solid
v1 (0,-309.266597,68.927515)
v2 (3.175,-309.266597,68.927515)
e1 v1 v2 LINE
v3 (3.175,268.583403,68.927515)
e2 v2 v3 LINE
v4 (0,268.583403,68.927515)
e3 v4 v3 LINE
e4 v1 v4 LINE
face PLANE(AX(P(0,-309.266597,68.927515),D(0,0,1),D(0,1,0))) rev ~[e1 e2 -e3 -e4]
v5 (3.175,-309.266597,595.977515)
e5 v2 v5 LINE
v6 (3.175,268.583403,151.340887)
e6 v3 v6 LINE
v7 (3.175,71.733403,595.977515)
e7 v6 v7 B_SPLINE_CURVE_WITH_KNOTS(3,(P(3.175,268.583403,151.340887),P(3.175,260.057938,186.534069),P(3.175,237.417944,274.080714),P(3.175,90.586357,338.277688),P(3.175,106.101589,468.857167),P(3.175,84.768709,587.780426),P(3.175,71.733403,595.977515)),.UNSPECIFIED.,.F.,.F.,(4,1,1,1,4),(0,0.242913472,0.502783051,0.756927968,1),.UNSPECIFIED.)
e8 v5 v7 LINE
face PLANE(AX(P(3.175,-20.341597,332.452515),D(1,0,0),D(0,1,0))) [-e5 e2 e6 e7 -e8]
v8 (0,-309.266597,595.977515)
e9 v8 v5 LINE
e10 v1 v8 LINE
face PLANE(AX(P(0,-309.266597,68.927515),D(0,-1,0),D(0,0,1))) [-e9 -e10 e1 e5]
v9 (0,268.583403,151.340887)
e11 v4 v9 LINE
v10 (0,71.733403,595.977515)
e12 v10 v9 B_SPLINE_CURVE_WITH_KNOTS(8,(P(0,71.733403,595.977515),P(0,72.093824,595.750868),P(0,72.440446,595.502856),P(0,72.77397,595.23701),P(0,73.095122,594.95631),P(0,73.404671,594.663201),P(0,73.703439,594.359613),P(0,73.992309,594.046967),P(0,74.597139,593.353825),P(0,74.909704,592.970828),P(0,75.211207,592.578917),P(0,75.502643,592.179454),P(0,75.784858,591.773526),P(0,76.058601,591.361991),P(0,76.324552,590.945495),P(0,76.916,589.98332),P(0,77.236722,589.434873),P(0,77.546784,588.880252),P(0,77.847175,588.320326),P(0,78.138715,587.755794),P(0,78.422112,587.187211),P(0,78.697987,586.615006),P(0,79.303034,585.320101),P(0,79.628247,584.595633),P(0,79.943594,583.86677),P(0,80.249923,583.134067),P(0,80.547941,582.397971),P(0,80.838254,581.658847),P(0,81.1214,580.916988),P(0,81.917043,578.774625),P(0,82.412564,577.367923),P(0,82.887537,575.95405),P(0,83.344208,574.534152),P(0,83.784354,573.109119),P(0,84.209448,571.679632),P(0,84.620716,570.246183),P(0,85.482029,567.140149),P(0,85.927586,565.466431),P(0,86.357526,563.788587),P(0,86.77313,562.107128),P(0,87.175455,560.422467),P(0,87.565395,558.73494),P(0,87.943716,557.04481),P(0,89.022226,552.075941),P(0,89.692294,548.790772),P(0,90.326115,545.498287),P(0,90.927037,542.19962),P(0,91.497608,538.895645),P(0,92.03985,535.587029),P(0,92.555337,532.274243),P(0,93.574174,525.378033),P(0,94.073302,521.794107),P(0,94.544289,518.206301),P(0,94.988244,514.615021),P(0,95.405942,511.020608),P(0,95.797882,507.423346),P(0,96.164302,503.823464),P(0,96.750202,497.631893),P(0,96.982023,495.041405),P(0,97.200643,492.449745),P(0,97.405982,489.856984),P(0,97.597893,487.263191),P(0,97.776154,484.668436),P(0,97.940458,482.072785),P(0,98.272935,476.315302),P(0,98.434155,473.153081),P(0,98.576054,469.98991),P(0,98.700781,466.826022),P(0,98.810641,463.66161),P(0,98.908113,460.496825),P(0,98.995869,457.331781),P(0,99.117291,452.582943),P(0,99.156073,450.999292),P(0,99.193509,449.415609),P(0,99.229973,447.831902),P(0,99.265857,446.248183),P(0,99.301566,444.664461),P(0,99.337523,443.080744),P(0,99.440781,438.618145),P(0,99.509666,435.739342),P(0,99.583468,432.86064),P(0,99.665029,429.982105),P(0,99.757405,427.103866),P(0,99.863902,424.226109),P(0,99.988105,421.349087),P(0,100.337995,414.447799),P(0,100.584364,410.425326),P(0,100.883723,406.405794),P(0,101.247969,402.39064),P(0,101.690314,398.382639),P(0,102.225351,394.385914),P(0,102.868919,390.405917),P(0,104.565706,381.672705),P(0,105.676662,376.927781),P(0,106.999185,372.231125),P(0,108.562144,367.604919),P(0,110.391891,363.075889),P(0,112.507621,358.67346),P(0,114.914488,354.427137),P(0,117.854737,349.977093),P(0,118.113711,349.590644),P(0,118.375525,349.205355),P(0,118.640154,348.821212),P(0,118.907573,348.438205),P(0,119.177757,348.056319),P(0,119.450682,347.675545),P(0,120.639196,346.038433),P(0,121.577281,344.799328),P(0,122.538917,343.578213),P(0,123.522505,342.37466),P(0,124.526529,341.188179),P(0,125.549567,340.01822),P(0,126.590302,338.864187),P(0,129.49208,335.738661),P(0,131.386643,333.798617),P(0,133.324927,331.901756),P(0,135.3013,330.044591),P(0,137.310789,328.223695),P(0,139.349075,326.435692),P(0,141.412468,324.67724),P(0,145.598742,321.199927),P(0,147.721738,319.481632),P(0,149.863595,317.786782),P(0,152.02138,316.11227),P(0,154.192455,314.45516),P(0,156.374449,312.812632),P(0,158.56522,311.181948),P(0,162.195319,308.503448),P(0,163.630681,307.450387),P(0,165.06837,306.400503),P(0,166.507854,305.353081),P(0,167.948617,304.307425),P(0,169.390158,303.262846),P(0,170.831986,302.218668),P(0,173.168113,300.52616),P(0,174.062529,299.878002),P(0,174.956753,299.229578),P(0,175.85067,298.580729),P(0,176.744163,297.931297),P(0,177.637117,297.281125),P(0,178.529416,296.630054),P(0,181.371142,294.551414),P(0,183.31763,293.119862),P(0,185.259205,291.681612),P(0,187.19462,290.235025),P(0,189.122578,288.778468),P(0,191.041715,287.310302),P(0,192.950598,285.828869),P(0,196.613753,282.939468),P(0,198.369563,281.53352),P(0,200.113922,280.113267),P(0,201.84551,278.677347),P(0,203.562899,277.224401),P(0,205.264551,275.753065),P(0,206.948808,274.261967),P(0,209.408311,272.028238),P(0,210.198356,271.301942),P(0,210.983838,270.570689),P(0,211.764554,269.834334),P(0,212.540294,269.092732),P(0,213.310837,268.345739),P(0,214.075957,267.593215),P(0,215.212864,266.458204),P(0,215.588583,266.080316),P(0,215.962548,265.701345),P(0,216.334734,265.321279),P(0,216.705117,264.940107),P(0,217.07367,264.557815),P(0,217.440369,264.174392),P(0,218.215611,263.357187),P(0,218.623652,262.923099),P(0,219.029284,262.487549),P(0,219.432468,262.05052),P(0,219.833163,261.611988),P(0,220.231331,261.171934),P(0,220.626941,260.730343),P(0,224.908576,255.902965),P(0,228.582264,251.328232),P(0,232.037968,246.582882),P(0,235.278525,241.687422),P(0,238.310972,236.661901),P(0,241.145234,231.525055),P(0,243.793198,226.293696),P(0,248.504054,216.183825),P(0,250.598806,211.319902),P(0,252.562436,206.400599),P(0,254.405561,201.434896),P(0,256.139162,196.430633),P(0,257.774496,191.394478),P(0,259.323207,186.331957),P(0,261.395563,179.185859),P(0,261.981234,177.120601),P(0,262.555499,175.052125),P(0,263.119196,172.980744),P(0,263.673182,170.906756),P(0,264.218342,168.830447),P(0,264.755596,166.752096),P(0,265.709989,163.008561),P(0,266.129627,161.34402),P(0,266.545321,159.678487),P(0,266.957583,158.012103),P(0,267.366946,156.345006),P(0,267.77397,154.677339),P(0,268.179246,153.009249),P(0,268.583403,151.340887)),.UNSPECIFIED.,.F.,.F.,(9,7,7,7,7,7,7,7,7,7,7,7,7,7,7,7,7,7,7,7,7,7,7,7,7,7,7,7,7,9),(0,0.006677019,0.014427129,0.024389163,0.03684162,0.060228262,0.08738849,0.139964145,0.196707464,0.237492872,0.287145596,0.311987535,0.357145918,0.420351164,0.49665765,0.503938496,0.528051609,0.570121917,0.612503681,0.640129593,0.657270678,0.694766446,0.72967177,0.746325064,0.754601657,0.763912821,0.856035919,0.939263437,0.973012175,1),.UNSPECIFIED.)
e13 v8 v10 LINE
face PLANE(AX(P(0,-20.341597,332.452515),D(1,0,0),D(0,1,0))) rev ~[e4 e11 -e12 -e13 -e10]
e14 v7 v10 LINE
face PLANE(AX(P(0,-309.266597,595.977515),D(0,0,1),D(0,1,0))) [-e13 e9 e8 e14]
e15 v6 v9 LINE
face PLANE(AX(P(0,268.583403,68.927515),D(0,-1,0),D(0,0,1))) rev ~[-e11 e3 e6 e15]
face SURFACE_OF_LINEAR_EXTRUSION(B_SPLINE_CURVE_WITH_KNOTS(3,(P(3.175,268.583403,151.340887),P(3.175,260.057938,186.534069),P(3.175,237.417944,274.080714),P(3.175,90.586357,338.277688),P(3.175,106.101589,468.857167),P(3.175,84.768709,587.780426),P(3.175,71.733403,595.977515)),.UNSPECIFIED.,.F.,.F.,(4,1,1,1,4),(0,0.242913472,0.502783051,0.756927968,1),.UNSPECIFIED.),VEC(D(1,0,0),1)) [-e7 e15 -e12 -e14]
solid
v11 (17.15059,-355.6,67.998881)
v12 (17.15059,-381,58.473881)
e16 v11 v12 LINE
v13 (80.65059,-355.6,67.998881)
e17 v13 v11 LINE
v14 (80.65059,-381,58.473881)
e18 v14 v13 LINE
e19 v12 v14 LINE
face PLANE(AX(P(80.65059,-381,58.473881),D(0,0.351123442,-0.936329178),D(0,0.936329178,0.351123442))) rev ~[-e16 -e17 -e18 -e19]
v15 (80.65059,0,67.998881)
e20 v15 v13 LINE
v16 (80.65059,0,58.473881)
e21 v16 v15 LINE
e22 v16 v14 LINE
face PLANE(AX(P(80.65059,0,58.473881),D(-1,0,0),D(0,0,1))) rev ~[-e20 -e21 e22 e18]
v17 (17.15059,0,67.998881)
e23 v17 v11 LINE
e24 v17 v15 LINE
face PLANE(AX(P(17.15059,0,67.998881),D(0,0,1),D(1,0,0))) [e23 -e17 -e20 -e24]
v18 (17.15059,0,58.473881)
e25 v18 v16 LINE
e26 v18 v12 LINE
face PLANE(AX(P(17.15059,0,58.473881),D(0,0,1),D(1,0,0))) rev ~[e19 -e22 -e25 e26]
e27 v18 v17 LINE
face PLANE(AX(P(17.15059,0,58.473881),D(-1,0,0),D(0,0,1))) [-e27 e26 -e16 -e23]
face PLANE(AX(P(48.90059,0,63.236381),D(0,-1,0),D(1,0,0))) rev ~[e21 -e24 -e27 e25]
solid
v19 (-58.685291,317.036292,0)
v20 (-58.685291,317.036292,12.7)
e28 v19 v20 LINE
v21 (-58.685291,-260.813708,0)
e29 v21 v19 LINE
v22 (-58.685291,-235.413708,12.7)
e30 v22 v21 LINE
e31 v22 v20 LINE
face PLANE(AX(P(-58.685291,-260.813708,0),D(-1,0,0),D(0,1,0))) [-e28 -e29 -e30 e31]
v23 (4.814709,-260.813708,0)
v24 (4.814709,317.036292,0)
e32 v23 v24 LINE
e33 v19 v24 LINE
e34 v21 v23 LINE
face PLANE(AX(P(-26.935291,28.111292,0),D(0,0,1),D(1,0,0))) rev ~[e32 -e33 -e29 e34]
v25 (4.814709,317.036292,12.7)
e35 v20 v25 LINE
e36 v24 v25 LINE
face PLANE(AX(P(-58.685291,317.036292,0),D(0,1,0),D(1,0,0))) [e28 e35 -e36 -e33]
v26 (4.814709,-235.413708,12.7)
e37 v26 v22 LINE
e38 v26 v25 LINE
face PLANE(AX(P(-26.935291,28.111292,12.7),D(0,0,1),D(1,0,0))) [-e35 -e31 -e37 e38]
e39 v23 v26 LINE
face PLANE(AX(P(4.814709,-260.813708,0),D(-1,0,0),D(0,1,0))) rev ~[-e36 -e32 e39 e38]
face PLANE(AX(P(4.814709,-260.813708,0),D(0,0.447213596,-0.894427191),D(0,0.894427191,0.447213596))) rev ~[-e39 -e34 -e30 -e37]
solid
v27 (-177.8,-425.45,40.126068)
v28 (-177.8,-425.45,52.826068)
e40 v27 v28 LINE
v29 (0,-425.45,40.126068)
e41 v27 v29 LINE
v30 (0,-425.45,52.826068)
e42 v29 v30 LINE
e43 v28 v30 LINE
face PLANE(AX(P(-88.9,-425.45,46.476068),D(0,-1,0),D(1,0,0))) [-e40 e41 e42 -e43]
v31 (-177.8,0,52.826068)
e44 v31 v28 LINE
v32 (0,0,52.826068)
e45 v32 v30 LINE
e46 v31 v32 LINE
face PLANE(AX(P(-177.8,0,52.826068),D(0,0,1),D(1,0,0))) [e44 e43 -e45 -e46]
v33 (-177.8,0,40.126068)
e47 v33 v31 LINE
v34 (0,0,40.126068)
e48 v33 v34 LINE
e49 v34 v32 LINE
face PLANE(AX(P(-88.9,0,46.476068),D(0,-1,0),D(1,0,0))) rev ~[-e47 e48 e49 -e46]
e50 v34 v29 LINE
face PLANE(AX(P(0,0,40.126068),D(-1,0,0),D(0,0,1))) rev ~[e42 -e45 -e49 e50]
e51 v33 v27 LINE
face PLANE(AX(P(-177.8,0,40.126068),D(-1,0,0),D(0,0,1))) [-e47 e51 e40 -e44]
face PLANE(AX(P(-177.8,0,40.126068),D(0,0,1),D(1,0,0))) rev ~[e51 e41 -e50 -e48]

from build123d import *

# Parameters (mm, degrees)
F0_W      = 63.5
F0_H      = 577.85
F1_DEPTH  = 12.7
F2_W      = 577.85
F2_H      = 527.05
F3_DEPTH  = 3.175
F5_DEPTH  = 25.4
F7_DEPTH  = 63.501
F8_DEPTH  = 61.8612912945
F9_DEPTH  = 61.8612912945
F10_W     = 177.8
F10_H     = 12.7
F11_DEPTH = 425.45
F14_W     = 63.5
F14_H     = 9.525
F15_DEPTH = 381
F17_DEPTH = 258.4515901963


with BuildPart() as f1:
    # F0 (on Top) → F1 (new body)
    with BuildSketch(Plane.XY):
        with Locations((-26.9352912945, 28.1112923563)):
            Rectangle(F0_W, F0_H)
    extrude(amount=F1_DEPTH)

    # F6 (on face) → F7 (cut, through all)
    with BuildSketch(Plane.YZ.offset(4.8147087055)):
        Polygon((-260.8137076437, 12.7), (-260.8137076437, 0), (-235.4137076437, 12.7), align=None)
    extrude(amount=-F7_DEPTH, mode=Mode.SUBTRACT)

    # F4 (on face) → F8 (cut, through all)
    with BuildSketch(Plane.YZ.offset(3.175)):
        with BuildLine():
            Line((268.5834025025, 151.3408869505), (268.5834025025, 213.3056139469))
            Line((268.5834025025, 213.3056139469), (268.5834025025, 595.9775148613))
            Line((268.5834025025, 595.9775148613), (71.7334025025, 595.9775148613))
            add(Edge.make_bspline(
                [(268.5834025025, 151.3408869505), (260.0579377157, 186.5340690938), (237.4179441691, 274.0807141118), (90.586356949, 338.2776875307), (106.1015892584, 468.8571672689), (84.7687089088, 587.7804257721), (71.7334025025, 595.9775148613)],
                knots=[0, 0, 0, 0, 0.2429134721, 0.5027830509, 0.7569279685, 1, 1, 1, 1], degree=3))
        make_face()
    extrude(amount=-F8_DEPTH, mode=Mode.SUBTRACT)

    # F4 (on face) → F9 (cut, through all)
    with BuildSketch(Plane.YZ.offset(3.175)):
        with BuildLine():
            Line((268.5834025025, 151.3408869505), (268.5834025025, 213.3056139469))
            Line((268.5834025025, 213.3056139469), (268.5834025025, 595.9775148613))
            Line((268.5834025025, 595.9775148613), (71.7334025025, 595.9775148613))
            add(Edge.make_bspline(
                [(268.5834025025, 151.3408869505), (260.0579377157, 186.5340690938), (237.4179441691, 274.0807141118), (90.586356949, 338.2776875307), (106.1015892584, 468.8571672689), (84.7687089088, 587.7804257721), (71.7334025025, 595.9775148613)],
                knots=[0, 0, 0, 0, 0.2429134721, 0.5027830509, 0.7569279685, 1, 1, 1, 1], degree=3))
        make_face()
    extrude(amount=-F9_DEPTH, mode=Mode.SUBTRACT)


with BuildPart() as f3:
    # F2 (on Right) → F3 (new body)
    with BuildSketch(Plane.YZ):
        with Locations((-20.3415974975, 332.4525148613)):
            Rectangle(F2_W, F2_H)
    extrude(amount=F3_DEPTH)

    # F4 (on face) → F5 (cut)
    with BuildSketch(Plane.YZ.offset(3.175)):
        with BuildLine():
            Line((268.5834025025, 151.3408869505), (268.5834025025, 213.3056139469))
            Line((268.5834025025, 213.3056139469), (268.5834025025, 595.9775148613))
            Line((268.5834025025, 595.9775148613), (71.7334025025, 595.9775148613))
            add(Edge.make_bspline(
                [(268.5834025025, 151.3408869505), (260.0579377157, 186.5340690938), (237.4179441691, 274.0807141118), (90.586356949, 338.2776875307), (106.1015892584, 468.8571672689), (84.7687089088, 587.7804257721), (71.7334025025, 595.9775148613)],
                knots=[0, 0, 0, 0, 0.2429134721, 0.5027830509, 0.7569279685, 1, 1, 1, 1], degree=3))
        make_face()
    extrude(amount=-F5_DEPTH, mode=Mode.SUBTRACT)


with BuildPart() as f11:
    # F10 (on Front) → F11 (new body)
    with BuildSketch(Plane.XZ):
        with Locations((-88.9, 46.4760677925)):
            Rectangle(F10_W, F10_H)
    extrude(amount=F11_DEPTH)


with BuildPart() as f12_1:
    # F12: copy of F1
    add(f1.part.moved(Location((127, 0, 0))))


with BuildPart() as f15:
    # F14 (on Front) → F15 (new body)
    with BuildSketch(Plane.XZ):
        with Locations((48.9005901963, 63.2363813341)):
            Rectangle(F14_W, F14_H)
    extrude(amount=F15_DEPTH)

    # F16 (on face) → F17 (cut, through all)
    with BuildSketch(Plane.YZ.offset(80.6505901963)):
        Polygon((-381, 67.9988813341), (-381, 58.4738813341), (-355.6, 67.9988813341), align=None)
    extrude(amount=-F17_DEPTH, mode=Mode.SUBTRACT)


solid = Compound([f1.part, f3.part, f11.part, f15.part])
